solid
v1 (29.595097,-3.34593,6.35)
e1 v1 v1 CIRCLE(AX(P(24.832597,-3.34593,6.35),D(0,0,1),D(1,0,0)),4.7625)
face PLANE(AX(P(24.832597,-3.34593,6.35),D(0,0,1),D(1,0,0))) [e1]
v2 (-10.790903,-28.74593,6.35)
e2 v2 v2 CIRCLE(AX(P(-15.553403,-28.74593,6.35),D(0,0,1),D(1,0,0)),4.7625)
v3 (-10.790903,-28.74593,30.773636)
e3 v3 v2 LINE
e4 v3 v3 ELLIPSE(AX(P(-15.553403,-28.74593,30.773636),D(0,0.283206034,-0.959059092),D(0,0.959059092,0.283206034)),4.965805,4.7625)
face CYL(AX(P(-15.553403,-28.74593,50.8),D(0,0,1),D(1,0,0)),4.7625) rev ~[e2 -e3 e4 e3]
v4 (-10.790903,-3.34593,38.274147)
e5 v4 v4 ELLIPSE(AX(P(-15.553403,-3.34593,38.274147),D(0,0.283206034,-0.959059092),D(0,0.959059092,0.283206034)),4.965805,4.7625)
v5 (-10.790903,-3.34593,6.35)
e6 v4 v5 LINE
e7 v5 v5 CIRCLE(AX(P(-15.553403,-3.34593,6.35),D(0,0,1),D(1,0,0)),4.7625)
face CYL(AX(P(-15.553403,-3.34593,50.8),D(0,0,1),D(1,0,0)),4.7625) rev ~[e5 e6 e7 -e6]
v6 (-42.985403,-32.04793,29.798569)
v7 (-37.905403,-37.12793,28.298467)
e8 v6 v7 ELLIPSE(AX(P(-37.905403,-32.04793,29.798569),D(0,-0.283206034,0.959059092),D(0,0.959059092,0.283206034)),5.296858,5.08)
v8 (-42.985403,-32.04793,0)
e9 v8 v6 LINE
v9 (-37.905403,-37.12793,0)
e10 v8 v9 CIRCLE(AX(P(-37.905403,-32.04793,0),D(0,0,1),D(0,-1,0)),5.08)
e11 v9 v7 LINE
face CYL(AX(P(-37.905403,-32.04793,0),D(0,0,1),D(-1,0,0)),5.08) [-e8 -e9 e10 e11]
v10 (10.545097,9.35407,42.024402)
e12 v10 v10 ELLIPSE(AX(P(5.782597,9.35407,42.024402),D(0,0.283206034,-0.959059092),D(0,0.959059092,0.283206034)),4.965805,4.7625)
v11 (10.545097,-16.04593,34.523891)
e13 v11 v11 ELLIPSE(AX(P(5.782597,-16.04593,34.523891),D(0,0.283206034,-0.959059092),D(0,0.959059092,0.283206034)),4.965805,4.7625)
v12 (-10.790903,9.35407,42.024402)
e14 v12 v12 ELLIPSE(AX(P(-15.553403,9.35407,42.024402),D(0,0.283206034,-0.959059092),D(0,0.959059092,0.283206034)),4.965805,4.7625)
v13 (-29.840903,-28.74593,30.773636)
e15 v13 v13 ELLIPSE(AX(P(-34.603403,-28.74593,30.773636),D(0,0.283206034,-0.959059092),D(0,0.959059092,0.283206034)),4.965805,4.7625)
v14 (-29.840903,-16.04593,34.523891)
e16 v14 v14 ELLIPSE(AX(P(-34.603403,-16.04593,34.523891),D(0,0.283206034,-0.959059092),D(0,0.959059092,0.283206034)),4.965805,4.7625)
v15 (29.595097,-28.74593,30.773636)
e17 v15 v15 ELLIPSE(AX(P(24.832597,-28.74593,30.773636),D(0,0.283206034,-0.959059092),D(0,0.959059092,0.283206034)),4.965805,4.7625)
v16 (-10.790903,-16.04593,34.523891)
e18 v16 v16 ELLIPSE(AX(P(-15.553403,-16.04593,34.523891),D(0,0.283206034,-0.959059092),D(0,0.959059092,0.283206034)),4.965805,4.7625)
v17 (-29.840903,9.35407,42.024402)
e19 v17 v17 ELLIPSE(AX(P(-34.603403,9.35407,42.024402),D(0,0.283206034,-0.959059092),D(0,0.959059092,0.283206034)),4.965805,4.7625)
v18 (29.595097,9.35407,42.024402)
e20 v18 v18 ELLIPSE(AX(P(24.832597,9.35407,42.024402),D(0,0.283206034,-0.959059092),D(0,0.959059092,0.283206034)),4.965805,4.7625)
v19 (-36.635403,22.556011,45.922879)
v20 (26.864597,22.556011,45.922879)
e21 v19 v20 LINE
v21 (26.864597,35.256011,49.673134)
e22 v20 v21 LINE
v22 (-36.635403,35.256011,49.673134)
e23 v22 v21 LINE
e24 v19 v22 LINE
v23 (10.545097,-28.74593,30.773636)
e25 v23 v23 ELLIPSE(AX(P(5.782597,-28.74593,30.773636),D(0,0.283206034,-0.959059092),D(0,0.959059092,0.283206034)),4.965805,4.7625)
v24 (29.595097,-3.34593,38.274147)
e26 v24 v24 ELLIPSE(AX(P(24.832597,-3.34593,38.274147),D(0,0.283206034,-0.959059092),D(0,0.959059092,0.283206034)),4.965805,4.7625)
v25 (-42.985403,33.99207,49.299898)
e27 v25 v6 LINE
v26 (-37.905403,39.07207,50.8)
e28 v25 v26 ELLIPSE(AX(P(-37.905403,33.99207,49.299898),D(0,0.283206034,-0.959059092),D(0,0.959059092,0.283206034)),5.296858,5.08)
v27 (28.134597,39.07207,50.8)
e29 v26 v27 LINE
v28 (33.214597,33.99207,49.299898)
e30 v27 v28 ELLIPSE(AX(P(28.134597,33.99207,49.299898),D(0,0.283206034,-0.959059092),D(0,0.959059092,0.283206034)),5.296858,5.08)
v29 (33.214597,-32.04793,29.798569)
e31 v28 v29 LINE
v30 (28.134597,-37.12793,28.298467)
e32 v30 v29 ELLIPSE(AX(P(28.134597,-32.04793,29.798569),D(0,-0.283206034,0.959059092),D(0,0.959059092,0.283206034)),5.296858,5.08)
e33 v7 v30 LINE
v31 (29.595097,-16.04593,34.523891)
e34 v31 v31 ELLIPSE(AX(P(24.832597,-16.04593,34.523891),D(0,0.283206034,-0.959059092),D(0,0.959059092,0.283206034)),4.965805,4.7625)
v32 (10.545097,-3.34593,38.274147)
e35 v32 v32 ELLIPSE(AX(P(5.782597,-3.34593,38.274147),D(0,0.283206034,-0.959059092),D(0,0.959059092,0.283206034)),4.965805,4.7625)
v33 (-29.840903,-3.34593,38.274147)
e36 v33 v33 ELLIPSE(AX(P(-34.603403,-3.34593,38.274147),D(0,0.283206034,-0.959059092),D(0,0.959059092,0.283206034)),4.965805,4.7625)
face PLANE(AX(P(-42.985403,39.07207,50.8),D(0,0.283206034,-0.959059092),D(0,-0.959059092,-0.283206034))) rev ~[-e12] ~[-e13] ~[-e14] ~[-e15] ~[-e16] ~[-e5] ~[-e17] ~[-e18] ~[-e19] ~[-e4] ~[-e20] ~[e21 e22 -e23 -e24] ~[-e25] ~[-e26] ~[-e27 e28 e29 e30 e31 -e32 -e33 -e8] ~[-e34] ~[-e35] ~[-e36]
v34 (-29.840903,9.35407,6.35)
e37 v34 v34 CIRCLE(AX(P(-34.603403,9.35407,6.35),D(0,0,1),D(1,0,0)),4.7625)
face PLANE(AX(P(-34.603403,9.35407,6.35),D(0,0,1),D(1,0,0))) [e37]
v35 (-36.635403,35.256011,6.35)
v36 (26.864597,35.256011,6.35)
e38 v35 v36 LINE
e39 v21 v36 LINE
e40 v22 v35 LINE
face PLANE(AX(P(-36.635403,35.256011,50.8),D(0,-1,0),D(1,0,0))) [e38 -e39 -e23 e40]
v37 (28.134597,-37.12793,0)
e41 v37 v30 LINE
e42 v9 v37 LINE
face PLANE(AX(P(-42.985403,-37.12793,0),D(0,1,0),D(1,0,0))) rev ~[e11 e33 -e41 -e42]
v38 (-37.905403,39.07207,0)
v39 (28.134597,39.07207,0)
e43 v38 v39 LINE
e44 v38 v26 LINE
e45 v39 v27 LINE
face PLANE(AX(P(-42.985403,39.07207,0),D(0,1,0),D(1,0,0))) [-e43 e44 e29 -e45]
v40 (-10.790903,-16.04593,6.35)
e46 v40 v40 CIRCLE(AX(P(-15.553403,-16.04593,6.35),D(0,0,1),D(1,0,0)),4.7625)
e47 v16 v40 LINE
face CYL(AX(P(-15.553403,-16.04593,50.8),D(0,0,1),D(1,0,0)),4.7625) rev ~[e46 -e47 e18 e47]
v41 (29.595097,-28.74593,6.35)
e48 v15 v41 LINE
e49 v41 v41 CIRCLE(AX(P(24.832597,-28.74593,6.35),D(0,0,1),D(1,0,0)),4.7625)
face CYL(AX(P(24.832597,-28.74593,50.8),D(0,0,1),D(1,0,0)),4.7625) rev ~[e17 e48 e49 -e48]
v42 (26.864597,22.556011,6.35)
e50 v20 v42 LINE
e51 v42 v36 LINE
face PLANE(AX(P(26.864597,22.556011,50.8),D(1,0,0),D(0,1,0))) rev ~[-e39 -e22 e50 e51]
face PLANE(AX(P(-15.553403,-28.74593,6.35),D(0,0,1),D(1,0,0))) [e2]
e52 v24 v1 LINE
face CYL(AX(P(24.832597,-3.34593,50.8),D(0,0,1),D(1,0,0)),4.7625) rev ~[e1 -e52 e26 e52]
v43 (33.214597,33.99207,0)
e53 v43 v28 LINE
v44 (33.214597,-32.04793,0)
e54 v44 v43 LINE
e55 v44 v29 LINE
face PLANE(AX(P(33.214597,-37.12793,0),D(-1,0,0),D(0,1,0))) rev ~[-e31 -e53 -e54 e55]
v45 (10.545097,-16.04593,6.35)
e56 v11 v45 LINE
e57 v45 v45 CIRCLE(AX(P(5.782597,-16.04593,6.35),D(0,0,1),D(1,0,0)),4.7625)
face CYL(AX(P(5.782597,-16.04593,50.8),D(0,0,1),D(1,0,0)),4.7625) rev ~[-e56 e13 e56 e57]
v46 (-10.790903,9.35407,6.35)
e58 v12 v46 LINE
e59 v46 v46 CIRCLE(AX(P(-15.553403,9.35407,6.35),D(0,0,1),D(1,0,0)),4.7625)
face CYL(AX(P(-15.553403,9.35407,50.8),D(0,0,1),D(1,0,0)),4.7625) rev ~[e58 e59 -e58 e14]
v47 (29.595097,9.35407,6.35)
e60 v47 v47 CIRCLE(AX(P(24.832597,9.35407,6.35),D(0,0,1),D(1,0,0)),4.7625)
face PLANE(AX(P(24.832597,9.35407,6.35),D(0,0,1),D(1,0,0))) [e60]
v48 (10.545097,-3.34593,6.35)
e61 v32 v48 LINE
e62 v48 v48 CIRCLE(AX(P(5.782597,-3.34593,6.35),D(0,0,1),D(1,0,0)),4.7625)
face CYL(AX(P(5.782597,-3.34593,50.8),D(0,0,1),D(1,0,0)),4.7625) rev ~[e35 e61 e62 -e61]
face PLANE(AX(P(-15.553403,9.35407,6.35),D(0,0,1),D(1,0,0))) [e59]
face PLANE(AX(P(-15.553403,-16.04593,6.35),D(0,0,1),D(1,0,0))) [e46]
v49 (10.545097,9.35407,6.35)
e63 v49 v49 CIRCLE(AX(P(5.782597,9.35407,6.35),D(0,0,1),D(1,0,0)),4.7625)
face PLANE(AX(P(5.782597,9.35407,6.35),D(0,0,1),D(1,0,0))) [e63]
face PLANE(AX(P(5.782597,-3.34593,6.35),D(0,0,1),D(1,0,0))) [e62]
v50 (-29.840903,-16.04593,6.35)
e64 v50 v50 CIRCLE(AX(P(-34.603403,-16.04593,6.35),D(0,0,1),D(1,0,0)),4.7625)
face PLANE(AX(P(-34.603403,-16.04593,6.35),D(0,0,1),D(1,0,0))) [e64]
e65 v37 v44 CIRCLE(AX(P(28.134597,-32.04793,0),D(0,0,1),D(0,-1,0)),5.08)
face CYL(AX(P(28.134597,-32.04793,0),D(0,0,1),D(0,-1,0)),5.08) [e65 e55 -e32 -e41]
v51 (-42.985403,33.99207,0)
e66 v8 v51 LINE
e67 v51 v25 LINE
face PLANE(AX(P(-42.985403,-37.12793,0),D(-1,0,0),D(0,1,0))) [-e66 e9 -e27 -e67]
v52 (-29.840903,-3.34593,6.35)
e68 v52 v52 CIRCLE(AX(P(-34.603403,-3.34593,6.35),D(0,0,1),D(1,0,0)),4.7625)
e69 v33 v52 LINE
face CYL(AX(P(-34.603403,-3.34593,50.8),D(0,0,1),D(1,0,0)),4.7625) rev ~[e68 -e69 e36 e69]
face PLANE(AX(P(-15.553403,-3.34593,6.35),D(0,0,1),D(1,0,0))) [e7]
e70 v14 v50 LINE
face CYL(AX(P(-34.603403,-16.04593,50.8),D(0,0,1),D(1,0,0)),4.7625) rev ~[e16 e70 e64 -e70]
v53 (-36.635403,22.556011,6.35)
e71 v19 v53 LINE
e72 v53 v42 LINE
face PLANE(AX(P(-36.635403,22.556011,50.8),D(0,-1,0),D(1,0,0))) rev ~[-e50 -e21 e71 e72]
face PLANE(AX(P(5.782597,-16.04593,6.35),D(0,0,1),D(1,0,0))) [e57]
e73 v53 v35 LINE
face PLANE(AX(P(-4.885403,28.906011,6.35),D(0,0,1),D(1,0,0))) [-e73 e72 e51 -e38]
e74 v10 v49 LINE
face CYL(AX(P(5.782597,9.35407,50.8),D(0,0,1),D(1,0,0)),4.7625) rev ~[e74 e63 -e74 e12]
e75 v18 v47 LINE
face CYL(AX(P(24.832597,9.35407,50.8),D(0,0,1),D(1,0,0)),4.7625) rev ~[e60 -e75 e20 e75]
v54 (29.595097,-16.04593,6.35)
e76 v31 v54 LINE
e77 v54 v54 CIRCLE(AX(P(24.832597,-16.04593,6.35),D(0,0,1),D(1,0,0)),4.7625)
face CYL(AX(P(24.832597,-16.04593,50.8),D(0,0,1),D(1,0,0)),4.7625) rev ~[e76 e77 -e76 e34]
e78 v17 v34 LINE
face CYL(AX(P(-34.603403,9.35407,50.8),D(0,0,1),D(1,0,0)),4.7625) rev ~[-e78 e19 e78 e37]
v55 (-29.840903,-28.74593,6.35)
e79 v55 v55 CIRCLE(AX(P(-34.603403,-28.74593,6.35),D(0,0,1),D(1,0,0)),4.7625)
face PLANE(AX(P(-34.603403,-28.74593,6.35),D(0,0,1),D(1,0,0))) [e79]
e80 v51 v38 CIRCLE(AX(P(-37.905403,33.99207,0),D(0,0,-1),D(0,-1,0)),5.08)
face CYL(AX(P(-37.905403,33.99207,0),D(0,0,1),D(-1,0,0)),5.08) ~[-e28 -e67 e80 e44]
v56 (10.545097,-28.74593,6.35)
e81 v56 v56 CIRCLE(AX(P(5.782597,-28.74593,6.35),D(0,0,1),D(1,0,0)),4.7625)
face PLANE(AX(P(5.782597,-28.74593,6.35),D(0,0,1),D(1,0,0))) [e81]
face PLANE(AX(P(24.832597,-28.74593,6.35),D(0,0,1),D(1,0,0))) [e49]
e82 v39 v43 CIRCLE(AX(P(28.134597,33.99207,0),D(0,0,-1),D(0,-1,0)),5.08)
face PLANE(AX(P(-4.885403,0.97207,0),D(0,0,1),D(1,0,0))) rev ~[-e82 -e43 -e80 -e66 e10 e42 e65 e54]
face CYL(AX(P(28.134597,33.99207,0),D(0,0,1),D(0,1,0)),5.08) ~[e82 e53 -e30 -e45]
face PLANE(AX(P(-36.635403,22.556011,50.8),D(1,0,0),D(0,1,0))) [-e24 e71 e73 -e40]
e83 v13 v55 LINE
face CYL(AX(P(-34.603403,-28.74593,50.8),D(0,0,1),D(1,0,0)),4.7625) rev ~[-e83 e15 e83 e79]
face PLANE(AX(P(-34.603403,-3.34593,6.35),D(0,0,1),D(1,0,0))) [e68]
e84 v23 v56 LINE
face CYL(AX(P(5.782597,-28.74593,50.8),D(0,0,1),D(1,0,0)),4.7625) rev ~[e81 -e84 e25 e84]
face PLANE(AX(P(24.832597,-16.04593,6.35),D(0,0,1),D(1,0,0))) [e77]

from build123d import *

# Parameters (mm, degrees)
F0_W     = 76.2
F0_H     = 76.2
F1_DEPTH = 50.8
F2_R     = 4.7625
F2_W     = 63.5
F2_H     = 12.7
F3_DEPTH = 44.45
F5_DEPTH = 76.2
F6_R     = 5.08


with BuildPart() as f1:
    # F0 (on Top) → F1 (new body)
    with BuildSketch(Plane.XY):
        with Locations((-4.885403, 0.97207)):
            Rectangle(F0_W, F0_H)
    extrude(amount=F1_DEPTH)

    # F2 (on face) → F3 (cut)
    with BuildSketch(Plane.XY.offset(50.8)):
        with Locations((-34.603403, 9.35407)):
            Circle(F2_R)
        with Locations((-15.553403, 9.35407)):
            Circle(F2_R)
        with Locations((-34.603403, -3.34593)):
            Circle(F2_R)
        with Locations((-34.603403, -16.04593)):
            Circle(F2_R)
        with Locations((-34.603403, -28.74593)):
            Circle(F2_R)
        with Locations((-15.553403, -3.34593)):
            Circle(F2_R)
        with Locations((-15.553403, -16.04593)):
            Circle(F2_R)
        with Locations((-15.553403, -28.74593)):
            Circle(F2_R)
        with Locations((5.782597, 9.35407)):
            Circle(F2_R)
        with Locations((5.782597, -3.34593)):
            Circle(F2_R)
        with Locations((5.782597, -16.04593)):
            Circle(F2_R)
        with Locations((5.782597, -28.74593)):
            Circle(F2_R)
        with Locations((24.832597, 9.35407)):
            Circle(F2_R)
        with Locations((24.832597, -3.34593)):
            Circle(F2_R)
        with Locations((24.832597, -16.04593)):
            Circle(F2_R)
        with Locations((24.832597, -28.74593)):
            Circle(F2_R)
        with Locations((-4.885403, 28.906011)):
            Rectangle(F2_W, F2_H)
    extrude(amount=-F3_DEPTH, mode=Mode.SUBTRACT)

    # F4 (on face) → F5 (cut)
    with BuildSketch(Plane(origin=(-42.985403, 0, 0), x_dir=(0, -1, 0), z_dir=(-1, 0, 0))):
        Polygon((37.12793, 50.8), (-39.07207, 50.8), (37.12793, 28.298467), align=None)
    extrude(amount=-F5_DEPTH, mode=Mode.SUBTRACT)

    # F6
    f6_edges = [f1.edges().sort_by_distance(p)[0] for p in [
        (33.214597, -37.12793, 14.149234),
        (-42.985403, -37.12793, 14.149234),
        (33.214597, 39.07207, 25.4),
        (-42.985403, 39.07207, 25.4),
    ]]
    fillet(f6_edges, radius=F6_R)


solid = f1.part
